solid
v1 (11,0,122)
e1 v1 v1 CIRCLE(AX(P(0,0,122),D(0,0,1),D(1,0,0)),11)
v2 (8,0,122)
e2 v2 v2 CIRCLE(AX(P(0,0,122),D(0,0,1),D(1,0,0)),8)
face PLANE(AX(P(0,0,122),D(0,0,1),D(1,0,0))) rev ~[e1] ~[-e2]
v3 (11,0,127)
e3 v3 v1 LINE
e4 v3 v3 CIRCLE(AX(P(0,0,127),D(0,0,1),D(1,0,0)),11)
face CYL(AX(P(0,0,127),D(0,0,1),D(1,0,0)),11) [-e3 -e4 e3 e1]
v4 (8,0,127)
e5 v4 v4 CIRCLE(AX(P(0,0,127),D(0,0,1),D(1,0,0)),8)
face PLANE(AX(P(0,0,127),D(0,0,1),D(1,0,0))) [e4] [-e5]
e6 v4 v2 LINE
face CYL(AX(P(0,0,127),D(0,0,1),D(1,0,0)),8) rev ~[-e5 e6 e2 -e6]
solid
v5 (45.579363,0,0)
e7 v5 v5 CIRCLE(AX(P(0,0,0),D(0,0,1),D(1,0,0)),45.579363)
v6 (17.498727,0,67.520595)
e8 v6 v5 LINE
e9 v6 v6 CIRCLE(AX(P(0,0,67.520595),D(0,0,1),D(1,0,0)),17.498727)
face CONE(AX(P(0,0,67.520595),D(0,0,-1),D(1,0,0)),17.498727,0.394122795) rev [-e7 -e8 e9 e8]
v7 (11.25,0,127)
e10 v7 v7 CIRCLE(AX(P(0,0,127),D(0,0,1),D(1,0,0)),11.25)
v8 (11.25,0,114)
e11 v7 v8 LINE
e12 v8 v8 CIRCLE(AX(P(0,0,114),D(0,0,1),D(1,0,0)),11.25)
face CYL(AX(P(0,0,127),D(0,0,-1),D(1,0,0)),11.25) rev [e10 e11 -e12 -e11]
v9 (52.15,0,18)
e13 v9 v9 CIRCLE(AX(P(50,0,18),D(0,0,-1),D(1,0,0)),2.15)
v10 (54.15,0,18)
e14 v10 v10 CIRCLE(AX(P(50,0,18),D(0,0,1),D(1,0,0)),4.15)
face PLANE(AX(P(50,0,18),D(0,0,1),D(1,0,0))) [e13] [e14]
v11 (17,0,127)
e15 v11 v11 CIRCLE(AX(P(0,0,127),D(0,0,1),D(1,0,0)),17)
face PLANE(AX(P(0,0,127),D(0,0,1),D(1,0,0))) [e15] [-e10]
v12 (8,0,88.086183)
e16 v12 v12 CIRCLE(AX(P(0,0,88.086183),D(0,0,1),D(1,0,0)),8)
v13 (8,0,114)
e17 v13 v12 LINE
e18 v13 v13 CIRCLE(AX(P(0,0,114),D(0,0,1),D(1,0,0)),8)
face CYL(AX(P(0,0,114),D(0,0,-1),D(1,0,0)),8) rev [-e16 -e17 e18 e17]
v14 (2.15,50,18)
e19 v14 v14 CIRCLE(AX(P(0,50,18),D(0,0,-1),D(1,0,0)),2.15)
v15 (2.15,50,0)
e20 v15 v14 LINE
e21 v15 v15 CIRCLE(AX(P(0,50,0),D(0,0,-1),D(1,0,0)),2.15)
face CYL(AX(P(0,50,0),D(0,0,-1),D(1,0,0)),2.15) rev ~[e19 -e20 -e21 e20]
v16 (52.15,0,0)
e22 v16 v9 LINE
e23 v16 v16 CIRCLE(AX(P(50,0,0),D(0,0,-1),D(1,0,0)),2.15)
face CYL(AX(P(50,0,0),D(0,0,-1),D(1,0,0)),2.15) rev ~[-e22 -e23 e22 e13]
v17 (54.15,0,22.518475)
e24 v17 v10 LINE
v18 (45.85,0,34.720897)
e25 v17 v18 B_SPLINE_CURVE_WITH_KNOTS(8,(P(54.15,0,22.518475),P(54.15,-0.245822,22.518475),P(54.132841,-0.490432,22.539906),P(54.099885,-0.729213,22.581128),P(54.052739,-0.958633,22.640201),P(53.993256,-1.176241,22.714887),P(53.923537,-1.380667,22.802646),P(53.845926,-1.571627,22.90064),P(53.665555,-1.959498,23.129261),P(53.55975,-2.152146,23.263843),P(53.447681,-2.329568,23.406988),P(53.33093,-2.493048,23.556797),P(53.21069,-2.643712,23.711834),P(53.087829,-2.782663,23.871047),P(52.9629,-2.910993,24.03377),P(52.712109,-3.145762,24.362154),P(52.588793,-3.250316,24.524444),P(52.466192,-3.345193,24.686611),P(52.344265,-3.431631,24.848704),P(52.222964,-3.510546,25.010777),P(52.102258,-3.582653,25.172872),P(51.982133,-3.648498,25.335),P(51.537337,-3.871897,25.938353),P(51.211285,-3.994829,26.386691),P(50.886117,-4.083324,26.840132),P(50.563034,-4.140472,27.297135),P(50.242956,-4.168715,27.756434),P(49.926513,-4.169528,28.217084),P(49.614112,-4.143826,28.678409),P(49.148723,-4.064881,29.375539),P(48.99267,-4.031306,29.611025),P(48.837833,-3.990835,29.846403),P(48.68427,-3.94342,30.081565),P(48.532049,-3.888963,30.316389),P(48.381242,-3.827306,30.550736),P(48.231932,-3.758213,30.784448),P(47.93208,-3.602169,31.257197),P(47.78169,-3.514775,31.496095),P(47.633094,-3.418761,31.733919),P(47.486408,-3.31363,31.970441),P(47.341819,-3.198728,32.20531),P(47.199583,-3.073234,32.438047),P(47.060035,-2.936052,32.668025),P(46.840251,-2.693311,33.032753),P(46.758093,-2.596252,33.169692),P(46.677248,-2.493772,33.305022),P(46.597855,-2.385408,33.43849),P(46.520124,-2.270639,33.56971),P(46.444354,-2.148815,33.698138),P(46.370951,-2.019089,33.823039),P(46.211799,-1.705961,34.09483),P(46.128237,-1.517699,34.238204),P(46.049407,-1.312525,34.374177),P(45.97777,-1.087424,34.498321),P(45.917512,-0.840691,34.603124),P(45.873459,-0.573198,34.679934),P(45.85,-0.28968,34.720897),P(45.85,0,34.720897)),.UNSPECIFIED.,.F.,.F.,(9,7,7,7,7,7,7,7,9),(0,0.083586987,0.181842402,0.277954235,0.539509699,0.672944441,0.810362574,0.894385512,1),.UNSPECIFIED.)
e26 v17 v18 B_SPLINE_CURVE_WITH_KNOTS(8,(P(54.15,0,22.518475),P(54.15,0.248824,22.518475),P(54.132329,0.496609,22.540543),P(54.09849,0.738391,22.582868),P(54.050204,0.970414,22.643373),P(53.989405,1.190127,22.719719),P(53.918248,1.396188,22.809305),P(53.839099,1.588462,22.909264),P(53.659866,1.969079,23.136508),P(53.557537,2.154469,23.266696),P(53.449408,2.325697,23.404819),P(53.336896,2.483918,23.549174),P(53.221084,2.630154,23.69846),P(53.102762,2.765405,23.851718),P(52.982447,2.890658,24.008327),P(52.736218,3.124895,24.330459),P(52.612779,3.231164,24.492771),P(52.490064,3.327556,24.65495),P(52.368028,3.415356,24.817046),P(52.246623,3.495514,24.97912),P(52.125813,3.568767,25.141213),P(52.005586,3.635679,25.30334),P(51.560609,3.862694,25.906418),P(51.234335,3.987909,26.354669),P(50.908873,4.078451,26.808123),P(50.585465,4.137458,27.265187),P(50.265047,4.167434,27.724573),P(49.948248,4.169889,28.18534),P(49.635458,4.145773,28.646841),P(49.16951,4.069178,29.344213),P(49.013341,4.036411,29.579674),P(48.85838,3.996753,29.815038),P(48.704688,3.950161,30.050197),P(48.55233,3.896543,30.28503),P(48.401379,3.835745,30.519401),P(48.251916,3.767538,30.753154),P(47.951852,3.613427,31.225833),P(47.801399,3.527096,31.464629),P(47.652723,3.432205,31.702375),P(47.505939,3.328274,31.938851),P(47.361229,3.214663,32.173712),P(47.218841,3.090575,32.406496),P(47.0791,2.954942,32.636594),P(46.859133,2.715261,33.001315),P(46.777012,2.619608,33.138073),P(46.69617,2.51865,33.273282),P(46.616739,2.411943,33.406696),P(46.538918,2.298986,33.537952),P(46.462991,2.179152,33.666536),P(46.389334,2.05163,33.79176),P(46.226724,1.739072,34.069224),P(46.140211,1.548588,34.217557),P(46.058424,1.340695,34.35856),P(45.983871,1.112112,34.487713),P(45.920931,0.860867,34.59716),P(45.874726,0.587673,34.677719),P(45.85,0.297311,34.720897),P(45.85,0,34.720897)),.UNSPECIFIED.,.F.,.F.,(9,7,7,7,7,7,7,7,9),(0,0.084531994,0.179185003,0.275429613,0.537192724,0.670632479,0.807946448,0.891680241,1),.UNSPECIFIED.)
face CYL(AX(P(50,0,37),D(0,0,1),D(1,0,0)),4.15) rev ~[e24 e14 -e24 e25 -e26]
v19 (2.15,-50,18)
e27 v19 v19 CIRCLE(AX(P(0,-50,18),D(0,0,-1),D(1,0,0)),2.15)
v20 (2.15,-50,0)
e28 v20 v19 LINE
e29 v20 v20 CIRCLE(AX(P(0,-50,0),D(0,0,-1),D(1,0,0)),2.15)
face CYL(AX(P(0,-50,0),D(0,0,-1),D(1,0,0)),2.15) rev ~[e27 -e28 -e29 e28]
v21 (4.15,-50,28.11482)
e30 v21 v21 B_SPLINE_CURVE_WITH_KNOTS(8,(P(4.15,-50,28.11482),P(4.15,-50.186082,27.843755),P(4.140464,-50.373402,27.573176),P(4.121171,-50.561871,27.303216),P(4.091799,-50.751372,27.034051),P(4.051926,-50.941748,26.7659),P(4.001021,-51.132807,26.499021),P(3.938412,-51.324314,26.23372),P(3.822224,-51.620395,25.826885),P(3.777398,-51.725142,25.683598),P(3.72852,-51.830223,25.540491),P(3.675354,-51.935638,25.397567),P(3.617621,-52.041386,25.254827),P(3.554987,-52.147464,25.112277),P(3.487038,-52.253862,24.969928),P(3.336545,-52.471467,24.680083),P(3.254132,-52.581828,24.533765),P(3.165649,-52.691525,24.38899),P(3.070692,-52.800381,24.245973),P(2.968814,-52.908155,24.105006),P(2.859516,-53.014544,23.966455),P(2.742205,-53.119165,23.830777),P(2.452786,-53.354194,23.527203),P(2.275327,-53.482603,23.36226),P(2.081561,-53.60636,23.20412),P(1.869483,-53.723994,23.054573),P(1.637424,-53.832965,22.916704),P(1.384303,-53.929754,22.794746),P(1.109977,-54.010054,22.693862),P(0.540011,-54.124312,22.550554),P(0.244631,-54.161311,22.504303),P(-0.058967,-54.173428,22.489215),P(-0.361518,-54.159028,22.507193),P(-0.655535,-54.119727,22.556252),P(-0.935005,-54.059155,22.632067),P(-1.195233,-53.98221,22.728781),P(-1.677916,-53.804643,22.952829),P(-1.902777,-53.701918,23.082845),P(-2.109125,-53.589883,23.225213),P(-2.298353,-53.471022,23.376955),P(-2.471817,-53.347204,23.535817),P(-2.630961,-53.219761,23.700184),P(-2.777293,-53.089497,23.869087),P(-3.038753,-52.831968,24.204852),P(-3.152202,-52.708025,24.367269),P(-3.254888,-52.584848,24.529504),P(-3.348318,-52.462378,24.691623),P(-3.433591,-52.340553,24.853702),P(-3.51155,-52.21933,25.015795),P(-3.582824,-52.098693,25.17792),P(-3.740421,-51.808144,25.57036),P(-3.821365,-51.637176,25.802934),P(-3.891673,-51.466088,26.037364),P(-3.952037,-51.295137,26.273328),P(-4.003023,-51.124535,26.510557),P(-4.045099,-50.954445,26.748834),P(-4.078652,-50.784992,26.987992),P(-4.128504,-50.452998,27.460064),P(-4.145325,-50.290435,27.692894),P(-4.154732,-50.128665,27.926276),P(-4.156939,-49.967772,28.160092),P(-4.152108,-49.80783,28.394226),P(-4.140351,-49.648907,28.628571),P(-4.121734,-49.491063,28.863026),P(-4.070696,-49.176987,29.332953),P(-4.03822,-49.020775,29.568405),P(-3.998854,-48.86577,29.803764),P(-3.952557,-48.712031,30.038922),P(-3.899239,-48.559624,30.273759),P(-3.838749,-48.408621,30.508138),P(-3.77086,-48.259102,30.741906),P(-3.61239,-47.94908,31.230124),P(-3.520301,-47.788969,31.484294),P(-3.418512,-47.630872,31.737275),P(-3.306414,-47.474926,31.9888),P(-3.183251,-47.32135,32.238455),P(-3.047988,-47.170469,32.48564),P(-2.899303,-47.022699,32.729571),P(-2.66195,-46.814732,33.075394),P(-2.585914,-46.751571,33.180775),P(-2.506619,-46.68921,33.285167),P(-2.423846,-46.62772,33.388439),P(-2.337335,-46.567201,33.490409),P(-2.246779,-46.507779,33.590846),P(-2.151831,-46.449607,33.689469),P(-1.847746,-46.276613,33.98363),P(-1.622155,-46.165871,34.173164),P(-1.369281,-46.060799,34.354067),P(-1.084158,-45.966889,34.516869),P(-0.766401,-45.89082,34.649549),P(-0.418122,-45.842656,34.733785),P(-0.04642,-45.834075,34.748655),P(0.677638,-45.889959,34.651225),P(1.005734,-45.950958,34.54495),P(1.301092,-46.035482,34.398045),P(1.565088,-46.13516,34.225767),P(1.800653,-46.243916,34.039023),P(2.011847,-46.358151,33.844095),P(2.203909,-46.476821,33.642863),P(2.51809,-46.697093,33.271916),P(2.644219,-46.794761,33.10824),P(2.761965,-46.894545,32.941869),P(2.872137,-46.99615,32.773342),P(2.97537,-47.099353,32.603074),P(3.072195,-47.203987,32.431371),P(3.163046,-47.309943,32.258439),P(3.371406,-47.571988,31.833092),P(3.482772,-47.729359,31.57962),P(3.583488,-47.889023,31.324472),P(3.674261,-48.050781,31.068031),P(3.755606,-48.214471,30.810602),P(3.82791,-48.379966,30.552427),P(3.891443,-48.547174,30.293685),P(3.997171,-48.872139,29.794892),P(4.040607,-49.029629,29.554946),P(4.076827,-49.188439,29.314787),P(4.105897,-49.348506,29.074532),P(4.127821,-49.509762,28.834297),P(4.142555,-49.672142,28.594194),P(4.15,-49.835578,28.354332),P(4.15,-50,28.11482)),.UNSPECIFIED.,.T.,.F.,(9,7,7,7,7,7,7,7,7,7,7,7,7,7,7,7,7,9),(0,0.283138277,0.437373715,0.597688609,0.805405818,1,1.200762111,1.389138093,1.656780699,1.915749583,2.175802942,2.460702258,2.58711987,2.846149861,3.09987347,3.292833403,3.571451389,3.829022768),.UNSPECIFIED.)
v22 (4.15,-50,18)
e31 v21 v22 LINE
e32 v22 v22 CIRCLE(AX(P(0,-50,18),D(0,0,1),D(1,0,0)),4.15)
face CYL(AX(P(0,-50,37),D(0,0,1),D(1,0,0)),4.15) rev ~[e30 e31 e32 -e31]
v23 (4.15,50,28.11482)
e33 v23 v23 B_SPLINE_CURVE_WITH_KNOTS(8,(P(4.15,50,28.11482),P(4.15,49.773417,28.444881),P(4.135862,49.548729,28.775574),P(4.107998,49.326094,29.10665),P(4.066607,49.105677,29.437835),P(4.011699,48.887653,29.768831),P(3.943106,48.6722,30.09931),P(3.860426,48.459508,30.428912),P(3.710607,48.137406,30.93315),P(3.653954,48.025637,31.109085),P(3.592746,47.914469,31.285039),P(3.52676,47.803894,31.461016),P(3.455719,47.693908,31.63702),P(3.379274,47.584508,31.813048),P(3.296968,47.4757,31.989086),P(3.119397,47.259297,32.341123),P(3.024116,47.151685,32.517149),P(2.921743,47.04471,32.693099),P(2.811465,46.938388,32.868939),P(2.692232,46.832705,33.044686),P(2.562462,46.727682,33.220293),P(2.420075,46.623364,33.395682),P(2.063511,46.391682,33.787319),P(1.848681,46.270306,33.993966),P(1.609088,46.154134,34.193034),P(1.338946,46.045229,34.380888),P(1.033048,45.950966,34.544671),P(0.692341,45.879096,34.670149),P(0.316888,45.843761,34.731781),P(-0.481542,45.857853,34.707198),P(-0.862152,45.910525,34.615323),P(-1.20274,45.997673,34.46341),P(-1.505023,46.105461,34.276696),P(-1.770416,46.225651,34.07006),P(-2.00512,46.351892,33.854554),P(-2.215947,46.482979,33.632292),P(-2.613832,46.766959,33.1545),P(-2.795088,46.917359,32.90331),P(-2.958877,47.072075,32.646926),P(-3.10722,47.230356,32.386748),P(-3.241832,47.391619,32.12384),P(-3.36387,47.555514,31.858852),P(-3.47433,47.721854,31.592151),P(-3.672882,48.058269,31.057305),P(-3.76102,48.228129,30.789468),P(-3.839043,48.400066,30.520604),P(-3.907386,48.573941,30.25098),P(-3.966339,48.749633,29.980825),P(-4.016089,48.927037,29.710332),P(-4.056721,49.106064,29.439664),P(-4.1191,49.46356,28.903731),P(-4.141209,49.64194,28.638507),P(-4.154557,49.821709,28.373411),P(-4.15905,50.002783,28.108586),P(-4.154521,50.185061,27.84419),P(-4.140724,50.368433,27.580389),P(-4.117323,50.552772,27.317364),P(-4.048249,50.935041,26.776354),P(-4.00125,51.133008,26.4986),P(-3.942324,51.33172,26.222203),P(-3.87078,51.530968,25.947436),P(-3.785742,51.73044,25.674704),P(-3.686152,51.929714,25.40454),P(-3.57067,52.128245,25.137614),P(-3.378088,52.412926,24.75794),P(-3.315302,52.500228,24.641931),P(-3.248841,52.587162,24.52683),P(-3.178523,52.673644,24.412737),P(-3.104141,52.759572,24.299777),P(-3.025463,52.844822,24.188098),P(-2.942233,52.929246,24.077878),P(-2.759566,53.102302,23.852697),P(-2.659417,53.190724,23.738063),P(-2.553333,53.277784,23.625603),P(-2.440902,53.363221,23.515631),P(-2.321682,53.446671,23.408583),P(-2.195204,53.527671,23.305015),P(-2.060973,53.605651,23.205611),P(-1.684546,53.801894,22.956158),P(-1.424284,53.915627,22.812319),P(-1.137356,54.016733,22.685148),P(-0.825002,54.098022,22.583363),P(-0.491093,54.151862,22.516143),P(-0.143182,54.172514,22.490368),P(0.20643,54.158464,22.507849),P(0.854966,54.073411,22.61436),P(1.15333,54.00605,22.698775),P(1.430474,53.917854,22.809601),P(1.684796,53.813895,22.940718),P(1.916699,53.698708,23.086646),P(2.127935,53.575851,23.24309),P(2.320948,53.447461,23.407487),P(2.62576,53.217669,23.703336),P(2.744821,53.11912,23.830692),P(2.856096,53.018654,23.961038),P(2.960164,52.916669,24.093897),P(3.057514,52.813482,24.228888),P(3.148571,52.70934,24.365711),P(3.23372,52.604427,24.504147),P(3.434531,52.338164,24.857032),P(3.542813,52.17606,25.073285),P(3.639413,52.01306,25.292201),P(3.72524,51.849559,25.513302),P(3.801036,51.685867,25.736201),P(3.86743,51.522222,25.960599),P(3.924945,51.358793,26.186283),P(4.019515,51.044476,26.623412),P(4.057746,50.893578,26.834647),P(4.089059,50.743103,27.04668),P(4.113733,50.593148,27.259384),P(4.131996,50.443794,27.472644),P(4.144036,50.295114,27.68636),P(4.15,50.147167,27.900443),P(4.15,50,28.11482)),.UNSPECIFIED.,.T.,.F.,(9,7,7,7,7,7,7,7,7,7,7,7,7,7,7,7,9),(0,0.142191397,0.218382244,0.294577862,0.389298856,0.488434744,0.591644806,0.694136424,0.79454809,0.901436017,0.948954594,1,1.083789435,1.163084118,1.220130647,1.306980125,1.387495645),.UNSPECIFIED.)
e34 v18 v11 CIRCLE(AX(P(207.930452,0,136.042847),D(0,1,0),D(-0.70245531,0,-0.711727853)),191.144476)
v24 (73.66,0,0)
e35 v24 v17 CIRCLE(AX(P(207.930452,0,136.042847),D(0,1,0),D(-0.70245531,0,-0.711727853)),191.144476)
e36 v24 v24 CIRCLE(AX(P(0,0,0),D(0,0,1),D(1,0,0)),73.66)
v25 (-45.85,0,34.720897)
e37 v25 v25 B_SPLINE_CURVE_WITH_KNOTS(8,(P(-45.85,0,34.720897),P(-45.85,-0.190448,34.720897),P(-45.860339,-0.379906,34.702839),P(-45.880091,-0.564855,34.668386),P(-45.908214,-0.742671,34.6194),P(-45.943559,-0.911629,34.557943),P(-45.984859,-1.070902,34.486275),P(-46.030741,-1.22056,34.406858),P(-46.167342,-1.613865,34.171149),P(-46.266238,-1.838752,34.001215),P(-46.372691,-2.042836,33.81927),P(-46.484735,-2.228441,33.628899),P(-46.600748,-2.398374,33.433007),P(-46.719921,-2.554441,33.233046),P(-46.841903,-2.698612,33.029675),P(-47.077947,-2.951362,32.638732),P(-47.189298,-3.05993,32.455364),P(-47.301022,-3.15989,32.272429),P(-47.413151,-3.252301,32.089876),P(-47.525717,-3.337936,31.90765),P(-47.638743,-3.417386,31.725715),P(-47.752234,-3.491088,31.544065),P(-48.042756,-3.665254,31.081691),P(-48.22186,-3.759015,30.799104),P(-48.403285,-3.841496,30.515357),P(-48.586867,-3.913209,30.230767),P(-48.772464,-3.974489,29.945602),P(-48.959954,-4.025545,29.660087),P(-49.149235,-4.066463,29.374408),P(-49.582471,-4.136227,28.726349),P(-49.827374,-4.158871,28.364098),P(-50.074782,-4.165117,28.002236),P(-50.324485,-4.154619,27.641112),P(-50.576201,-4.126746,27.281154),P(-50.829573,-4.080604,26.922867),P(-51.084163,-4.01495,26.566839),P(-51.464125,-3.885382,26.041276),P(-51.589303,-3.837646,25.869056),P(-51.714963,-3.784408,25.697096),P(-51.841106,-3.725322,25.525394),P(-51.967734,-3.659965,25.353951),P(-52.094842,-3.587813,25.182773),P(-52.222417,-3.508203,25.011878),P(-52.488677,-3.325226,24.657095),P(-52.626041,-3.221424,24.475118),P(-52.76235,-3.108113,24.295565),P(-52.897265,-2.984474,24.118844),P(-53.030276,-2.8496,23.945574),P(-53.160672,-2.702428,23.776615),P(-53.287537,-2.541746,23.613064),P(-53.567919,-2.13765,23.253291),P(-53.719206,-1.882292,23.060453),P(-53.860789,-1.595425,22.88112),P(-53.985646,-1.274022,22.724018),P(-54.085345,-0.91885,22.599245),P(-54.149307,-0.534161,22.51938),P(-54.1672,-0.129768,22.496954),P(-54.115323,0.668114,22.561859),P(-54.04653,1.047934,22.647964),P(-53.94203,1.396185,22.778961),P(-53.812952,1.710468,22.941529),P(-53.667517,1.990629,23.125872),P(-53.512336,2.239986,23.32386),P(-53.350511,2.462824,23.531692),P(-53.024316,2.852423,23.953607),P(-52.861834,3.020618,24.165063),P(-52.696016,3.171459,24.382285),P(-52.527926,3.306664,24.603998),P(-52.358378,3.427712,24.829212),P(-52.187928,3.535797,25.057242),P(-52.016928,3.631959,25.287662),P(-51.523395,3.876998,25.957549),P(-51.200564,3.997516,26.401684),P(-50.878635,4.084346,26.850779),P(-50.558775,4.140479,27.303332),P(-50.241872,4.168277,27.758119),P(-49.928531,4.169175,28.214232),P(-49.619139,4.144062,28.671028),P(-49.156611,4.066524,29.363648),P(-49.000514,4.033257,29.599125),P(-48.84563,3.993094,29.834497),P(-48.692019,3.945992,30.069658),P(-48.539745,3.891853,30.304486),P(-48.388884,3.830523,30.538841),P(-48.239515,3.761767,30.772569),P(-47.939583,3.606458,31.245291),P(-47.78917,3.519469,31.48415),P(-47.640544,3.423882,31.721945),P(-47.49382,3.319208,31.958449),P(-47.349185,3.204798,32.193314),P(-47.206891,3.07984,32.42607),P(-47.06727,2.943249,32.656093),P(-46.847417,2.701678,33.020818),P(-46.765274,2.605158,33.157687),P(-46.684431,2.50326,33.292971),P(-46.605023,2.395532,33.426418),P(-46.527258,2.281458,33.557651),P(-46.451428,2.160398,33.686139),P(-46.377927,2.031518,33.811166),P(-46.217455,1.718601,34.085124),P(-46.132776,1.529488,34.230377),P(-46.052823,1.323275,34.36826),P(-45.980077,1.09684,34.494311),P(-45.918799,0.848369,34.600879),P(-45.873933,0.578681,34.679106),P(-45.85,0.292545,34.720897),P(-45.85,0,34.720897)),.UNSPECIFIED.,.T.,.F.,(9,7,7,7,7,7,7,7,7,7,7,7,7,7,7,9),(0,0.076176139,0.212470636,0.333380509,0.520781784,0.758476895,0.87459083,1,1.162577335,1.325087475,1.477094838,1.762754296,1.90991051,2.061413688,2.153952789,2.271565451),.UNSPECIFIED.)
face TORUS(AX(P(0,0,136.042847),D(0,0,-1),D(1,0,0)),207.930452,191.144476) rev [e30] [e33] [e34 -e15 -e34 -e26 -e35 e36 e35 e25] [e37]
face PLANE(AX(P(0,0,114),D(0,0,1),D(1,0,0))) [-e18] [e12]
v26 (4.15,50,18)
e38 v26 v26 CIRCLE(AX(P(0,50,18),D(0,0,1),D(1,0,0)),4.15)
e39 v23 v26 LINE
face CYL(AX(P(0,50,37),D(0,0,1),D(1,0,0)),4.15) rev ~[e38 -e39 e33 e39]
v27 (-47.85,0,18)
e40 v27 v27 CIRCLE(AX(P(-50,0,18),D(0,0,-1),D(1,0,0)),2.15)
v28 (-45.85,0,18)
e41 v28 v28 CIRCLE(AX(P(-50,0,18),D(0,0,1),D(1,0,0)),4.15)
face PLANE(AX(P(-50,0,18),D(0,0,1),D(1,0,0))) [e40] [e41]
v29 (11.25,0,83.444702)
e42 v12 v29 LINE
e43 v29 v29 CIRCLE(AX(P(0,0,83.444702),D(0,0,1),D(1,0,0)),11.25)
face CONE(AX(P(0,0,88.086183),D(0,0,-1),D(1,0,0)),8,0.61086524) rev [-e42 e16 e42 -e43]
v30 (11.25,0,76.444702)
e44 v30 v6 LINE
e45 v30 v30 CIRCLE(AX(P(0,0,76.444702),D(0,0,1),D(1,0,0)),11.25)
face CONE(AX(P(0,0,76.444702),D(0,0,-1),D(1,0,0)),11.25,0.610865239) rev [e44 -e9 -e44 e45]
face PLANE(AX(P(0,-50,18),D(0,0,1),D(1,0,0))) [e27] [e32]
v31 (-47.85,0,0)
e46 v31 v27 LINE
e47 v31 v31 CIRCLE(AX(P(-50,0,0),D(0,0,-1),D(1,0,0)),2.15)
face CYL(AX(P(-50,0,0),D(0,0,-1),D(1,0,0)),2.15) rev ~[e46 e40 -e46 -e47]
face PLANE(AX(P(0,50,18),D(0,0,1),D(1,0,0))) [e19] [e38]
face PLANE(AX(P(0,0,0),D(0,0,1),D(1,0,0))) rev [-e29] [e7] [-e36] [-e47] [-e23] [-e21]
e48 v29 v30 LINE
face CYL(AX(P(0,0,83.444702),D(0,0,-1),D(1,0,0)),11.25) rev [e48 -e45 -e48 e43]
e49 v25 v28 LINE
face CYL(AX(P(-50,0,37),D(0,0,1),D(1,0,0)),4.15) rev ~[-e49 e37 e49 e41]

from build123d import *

# Parameters (mm, degrees)
F2_R      = 2.15
F3_DEPTH  = 10
F4_R      = 2.15
F5_DEPTH  = 127.001
F7_R      = 4.15
F8_DEPTH  = 19
F9_R      = 11
F9_R_2    = 8
F10_DEPTH = 5


with BuildPart() as f1:
    # F0 (on Front) → F1 (revolve)
    with BuildSketch(Plane.XZ):
        with BuildLine():
            Line((17, 127), (11.25, 127))
            Line((11.25, 127), (11.25, 114))
            Line((11.25, 114), (8, 114))
            Line((8, 114), (8, 88.086183))
            Line((8, 88.086183), (11.25, 83.444702))
            Line((11.25, 83.444702), (11.25, 76.444702))
            Line((11.25, 76.444702), (17.498727, 67.520595))
            Line((17.498727, 67.520595), (45.579363, 0))
            Line((45.579363, 0), (73.66, 0))
            ThreePointArc((73.66, 0), (33.370557, 58.164393), (17, 127))
        make_face()
    revolve(axis=Axis((0, 0, 63.5), (0, 0, 1)))

    # F2 (on face) → F3 (cut)
    with BuildSketch(Plane(origin=(0, 0, 0), x_dir=(1, 0, 0), z_dir=(0, 0, -1))):
        with Locations((50, 0)):
            Circle(F2_R)
        with Locations((0, 50)):
            Circle(F2_R)
        with Locations((-50, 0)):
            Circle(F2_R)
        with Locations((0, -50)):
            Circle(F2_R)
    extrude(amount=-F3_DEPTH, mode=Mode.SUBTRACT)

    # F4 (on face) → F5 (cut, through all)
    with BuildSketch(Plane(origin=(0, 0, 0), x_dir=(1, 0, 0), z_dir=(0, 0, -1))):
        with Locations((0, 50)):
            Circle(F4_R)
        with Locations((50, 0)):
            Circle(F4_R)
        with Locations((-50, 0)):
            Circle(F4_R)
        with Locations((0, -50)):
            Circle(F4_R)
    extrude(amount=-F5_DEPTH, mode=Mode.SUBTRACT)

    # F7 (on offset) → F8 (cut)
    with BuildSketch(Plane.XY.offset(37)):
        with Locations((0, 50)):
            Circle(F7_R)
        with Locations((50, 0)):
            Circle(F7_R)
        with Locations((0, -50)):
            Circle(F7_R)
        with Locations((-50, 0)):
            Circle(F7_R)
    extrude(amount=-F8_DEPTH, mode=Mode.SUBTRACT)


with BuildPart() as f10:
    # F9 (on face) → F10 (new body)
    with BuildSketch(Plane.XY.offset(127)):
        Circle(F9_R)
        Circle(F9_R_2, mode=Mode.SUBTRACT)
    extrude(amount=-F10_DEPTH)


solid = Compound([f1.part, f10.part])
